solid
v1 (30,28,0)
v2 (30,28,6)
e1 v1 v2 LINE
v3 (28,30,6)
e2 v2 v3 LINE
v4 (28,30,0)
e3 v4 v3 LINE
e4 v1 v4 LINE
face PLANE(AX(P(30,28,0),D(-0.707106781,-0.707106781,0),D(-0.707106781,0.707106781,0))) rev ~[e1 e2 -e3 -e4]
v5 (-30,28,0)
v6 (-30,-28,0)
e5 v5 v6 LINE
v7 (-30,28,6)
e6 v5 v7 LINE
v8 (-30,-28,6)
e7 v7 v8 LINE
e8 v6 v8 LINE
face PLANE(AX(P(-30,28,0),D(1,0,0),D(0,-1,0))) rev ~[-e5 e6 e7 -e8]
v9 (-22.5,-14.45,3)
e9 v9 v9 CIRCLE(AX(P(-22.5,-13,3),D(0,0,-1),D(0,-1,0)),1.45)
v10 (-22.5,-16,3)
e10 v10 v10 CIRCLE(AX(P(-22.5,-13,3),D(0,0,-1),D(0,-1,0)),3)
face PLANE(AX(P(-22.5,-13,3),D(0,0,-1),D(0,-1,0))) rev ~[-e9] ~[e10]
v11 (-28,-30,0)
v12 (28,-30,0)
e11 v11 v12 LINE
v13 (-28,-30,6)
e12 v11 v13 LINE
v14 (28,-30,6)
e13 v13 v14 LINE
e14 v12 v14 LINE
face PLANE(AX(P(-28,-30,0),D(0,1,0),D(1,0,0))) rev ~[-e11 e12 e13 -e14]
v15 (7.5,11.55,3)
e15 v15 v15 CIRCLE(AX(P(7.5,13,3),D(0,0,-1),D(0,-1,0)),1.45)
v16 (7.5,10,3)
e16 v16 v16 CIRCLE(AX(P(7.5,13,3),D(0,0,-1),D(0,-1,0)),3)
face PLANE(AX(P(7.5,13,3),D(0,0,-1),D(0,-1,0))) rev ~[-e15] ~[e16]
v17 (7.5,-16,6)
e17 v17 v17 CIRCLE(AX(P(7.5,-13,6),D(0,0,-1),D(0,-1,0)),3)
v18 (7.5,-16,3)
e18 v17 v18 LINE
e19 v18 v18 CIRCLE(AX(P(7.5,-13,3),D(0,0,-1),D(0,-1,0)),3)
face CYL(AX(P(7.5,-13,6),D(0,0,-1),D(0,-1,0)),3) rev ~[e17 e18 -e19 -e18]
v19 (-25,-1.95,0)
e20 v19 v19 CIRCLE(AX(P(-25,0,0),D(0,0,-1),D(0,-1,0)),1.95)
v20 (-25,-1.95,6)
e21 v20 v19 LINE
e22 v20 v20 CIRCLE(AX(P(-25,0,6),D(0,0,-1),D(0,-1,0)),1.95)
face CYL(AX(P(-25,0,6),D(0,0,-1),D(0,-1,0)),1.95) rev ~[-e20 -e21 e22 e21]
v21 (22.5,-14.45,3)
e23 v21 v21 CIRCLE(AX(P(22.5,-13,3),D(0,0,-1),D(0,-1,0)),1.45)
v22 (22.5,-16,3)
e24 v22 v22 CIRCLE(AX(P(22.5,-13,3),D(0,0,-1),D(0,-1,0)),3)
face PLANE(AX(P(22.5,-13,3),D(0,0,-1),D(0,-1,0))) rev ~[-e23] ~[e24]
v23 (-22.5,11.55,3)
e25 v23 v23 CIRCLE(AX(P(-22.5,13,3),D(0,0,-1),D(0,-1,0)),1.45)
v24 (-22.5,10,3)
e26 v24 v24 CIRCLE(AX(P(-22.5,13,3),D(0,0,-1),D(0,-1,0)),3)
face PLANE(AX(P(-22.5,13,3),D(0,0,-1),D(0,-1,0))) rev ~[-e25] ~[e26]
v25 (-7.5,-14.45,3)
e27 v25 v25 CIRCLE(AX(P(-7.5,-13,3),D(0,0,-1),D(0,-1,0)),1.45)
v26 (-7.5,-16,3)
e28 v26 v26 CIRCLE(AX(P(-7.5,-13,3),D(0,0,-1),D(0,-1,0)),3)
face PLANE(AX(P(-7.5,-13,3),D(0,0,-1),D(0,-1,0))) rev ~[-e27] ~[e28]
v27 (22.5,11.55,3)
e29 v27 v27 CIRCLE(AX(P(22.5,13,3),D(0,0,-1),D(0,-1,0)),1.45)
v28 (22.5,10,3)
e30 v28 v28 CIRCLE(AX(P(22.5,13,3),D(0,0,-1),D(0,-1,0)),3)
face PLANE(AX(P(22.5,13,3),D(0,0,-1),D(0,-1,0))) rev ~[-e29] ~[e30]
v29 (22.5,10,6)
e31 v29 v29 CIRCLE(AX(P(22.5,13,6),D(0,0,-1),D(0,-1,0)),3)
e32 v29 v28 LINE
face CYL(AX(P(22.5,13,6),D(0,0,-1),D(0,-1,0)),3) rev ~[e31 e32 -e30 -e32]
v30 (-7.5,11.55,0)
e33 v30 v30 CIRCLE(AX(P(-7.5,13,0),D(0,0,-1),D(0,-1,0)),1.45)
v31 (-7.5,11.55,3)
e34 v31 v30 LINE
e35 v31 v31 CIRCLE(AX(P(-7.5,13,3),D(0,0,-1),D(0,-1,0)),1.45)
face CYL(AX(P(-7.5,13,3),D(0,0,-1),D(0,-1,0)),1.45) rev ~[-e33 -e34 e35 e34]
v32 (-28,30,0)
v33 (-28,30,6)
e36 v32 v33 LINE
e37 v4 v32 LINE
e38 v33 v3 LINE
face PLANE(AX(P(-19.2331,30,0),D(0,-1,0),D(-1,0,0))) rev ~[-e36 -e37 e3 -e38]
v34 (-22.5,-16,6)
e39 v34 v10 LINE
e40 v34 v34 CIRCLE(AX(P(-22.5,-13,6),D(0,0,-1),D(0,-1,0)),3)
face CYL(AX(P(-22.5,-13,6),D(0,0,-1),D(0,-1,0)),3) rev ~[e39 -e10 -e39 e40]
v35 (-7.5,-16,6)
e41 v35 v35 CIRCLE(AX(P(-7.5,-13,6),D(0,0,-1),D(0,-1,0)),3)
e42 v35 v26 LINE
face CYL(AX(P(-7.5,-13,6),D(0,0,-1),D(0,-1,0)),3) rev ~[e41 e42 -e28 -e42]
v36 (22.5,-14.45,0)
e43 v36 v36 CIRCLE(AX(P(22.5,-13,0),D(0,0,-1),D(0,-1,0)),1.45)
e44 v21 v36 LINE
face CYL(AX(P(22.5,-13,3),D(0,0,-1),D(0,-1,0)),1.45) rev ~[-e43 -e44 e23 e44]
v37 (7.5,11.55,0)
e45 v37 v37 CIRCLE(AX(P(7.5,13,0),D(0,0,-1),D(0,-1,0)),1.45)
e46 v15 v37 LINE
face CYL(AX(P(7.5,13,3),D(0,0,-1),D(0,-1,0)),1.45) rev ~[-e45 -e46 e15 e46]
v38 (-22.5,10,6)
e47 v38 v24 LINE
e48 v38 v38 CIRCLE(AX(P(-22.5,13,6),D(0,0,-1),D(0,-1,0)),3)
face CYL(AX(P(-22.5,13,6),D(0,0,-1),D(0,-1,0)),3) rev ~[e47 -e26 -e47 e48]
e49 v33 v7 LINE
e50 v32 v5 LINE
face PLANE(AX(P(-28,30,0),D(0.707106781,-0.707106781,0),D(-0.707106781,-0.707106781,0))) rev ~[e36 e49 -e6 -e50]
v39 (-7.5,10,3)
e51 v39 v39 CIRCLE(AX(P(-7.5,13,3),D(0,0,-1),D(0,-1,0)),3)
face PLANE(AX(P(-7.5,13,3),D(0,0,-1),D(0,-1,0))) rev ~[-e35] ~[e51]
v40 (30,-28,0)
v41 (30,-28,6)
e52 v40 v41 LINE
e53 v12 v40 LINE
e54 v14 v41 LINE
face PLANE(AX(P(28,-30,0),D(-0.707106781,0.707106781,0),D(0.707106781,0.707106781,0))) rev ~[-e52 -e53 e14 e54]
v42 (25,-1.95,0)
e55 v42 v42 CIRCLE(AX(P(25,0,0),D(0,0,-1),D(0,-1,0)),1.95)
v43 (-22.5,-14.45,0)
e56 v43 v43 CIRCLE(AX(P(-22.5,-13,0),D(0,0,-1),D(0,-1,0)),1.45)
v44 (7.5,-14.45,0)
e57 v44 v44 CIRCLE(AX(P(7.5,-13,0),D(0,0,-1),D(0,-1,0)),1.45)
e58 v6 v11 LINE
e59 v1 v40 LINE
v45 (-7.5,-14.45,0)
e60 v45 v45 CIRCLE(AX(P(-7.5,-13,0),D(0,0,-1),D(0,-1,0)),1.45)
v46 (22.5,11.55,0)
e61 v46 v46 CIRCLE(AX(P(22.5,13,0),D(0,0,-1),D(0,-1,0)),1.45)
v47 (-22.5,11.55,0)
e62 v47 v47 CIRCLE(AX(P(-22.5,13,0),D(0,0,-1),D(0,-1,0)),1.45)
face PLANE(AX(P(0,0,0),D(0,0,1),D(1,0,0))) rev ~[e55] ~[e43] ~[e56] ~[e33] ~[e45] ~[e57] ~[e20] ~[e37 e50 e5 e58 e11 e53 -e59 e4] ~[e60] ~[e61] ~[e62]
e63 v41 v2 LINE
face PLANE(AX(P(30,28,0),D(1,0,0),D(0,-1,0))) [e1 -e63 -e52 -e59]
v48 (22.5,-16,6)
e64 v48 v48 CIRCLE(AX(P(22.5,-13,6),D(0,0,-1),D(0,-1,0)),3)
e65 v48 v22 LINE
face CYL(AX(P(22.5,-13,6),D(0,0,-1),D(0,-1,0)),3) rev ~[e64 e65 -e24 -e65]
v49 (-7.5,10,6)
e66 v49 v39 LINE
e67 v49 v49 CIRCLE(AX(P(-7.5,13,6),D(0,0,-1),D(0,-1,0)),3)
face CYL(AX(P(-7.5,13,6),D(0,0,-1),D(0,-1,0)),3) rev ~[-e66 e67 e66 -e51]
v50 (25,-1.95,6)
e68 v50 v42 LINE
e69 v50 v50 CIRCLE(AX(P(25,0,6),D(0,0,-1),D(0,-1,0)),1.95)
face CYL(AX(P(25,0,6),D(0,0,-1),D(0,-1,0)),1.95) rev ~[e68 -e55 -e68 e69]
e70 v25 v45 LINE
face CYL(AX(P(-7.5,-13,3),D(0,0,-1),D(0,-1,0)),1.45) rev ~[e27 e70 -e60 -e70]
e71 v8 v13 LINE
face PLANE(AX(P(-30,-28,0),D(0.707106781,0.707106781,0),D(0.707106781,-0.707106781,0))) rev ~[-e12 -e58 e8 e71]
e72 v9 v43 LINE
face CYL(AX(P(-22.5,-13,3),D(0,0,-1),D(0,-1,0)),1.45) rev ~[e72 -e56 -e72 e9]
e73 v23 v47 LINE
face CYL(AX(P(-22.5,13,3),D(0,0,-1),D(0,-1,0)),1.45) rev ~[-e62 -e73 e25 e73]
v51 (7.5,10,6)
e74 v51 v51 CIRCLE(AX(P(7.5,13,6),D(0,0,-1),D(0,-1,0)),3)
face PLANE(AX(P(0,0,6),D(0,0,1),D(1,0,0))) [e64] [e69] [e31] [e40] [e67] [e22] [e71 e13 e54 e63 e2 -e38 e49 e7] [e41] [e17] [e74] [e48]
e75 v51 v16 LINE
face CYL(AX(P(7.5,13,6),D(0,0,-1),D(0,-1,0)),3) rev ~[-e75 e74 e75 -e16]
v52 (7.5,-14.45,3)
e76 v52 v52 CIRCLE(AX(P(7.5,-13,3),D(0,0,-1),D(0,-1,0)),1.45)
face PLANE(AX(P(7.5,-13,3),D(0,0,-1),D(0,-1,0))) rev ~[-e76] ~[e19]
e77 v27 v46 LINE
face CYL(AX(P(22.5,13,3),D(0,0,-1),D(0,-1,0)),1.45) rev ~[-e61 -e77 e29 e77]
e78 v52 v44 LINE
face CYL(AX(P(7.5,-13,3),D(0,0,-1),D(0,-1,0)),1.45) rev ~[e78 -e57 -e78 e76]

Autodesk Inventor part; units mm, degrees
ref_plane "YZ Plane" through (0, 0, 0) normal (1, 0, 0) x (0, 1, 0)
ref_plane "XZ Plane" through (0, 0, 0) normal (0, 1, 0) x (-1, 0, 0)
ref_plane "XY Plane" through (0, 0, 0) normal (0, 0, 1) x (1, 0, 0)
ref_plane "Work Plane1" through (0, 0, 0) normal (0, 0, 1) x (1, 0, 0)
sketch "Sketch1" plane through (0, 0, 0) normal (0, 0, 1) x (1, 0, 0)
  line L0 (-28, 30) -> (-30, 28) projected
  line L1 (-30, 28) -> (-30, -28) projected
  line L2 (-30, -28) -> (-28, -30) projected
  line L3 (-28, -30) -> (28, -30) projected
  line L4 (28, -30) -> (30, -28) projected
  line L5 (30, -28) -> (30, -17.7934) projected
  line L6 (30, 28) -> (28, 30) projected
  line L7 (28, 30) -> (17.7934, 30) projected
  line L8 (-25, -25) -> (25, -25) construction
  line L9 (25, -25) -> (25, 25) construction
  line L10 (25, 25) -> (-25, 25) construction
  line L11 (-25, 25) -> (-25, -25) construction
  line L12 (-25, -25) -> (25, 25) construction
  line L13 (25, -25) -> (-25, 25) construction
  line L14 (30, -17.7934) -> (44, -17.7934) projected
  line L15 (44, -9.0511) -> (44, -17.7934) projected
  line L16 (30, -9.0511) -> (44, -9.0511) construction
  line L17 (30, -9.0511) -> (30, 8.3051) projected
  line L18 (30, 8.3051) -> (44, 8.3051) projected
  line L19 (44, 19.2331) -> (44, 8.3051) projected
  line L20 (30, 19.2331) -> (44, 19.2331) construction
  line L21 (30, 28) -> (30, -28) projected
  line L22 (17.7934, 30) -> (17.7934, 44) projected
  line L23 (9.0511, 44) -> (17.7934, 44) projected
  line L24 (9.0511, 30) -> (9.0511, 44) construction
  line L25 (-8.3051, 30) -> (-8.3051, 44) projected
  line L26 (-19.2331, 44) -> (-8.3051, 44) projected
  line L27 (-19.2331, 30) -> (-19.2331, 44) construction
  line L28 (-19.2331, 30) -> (-28, 30) projected
  line L29 (30, 19.2331) -> (30, 28) projected
  line L30 (9.0511, 30) -> (-8.3051, 30) projected
  line L31 (-28, 30) -> (28, 30) projected
  line L32 (25, 0) -> (-25, 0)
  point P0 (0, 0)
  dimension "d0" = 50
  dimension "d1" = 50
extrude "Extrusion1" add sketch "Sketch1" along normal blind 6
sketch "Sketch2" plane through (0, 0, 6) normal (0, 0, 1) x (1, 0, 0)
  line L0 (-25, -25) -> (25, -25)
  line L1 (25, -25) -> (25, 25)
  line L2 (25, 25) -> (-25, 25)
  line L3 (-25, 25) -> (-25, -25)
  line L4 (-25, -25) -> (25, 25) construction
  line L5 (25, -25) -> (-25, 25) construction
  point P0 (0, 0)
  point P1 (25, 0)
  point P2 (-25, 0)
  point P3 (0, 25)
  point P4 (0, -25)
  dimension "d4" = 50
  dimension "d5" = 50
hole "Hole1" at (-25, 0, 6) at (25, 0, 6) direction (0, 0, -1) diameter 3.9 depth 10 tip angle 118
sketch "Sketch3" plane through (0, 0, 6) normal (0, 0, 1) x (1, 0, 0)
  circle A0 centre (25, 0) radius 1.95 projected
  circle A1 centre (-25, 0) radius 1.95 projected
  line L0 (-28, 30) -> (-30, 28) projected
  line L1 (-30, 28) -> (-30, -28) projected
  line L2 (-30, -28) -> (-28, -30) projected
  line L3 (-28, -30) -> (28, -30) projected
  line L4 (28, -30) -> (30, -28) projected
  line L5 (30, -28) -> (30, 28) projected
  line L6 (30, 28) -> (28, 30) projected
  line L7 (28, 30) -> (-28, 30) projected
  line L8 (-22.5, -13) -> (22.5, -13) construction
  line L9 (22.5, -13) -> (22.5, 13) construction
  line L10 (22.5, 13) -> (-22.5, 13) construction
  line L11 (-22.5, 13) -> (-22.5, -13) construction
  line L12 (-22.5, -13) -> (22.5, 13) construction
  line L13 (22.5, -13) -> (-22.5, 13) construction
  line L14 (7.5, -13) -> (-7.5, -13) construction
  line L15 (-7.5, -13) -> (-7.5, 13) construction
  line L16 (-7.5, 13) -> (7.5, 13) construction
  line L17 (7.5, 13) -> (7.5, -13) construction
  line L18 (7.5, -13) -> (-7.5, 13) construction
  line L19 (-7.5, -13) -> (7.5, 13) construction
  point P0 (0, 0)
  dimension "d13" = 45
  dimension "d14" = 26
  dimension "d15" = 15
hole "Hole2" at (22.5, 13, 6) at (7.5, 13, 6) at (-7.5, 13, 6) at (-22.5, 13, 6) at (-22.5, -13, 6) at (-7.5, -13, 6) at (7.5, -13, 6) at (22.5, -13, 6) direction (0, 0, -1) diameter 2.9 depth 10 tip angle 118 counterbore diameter 6 counterbore depth 3
properties part number "00_XY_stage-CHUO_SEIKI_LD-647-R1-Bottom"
